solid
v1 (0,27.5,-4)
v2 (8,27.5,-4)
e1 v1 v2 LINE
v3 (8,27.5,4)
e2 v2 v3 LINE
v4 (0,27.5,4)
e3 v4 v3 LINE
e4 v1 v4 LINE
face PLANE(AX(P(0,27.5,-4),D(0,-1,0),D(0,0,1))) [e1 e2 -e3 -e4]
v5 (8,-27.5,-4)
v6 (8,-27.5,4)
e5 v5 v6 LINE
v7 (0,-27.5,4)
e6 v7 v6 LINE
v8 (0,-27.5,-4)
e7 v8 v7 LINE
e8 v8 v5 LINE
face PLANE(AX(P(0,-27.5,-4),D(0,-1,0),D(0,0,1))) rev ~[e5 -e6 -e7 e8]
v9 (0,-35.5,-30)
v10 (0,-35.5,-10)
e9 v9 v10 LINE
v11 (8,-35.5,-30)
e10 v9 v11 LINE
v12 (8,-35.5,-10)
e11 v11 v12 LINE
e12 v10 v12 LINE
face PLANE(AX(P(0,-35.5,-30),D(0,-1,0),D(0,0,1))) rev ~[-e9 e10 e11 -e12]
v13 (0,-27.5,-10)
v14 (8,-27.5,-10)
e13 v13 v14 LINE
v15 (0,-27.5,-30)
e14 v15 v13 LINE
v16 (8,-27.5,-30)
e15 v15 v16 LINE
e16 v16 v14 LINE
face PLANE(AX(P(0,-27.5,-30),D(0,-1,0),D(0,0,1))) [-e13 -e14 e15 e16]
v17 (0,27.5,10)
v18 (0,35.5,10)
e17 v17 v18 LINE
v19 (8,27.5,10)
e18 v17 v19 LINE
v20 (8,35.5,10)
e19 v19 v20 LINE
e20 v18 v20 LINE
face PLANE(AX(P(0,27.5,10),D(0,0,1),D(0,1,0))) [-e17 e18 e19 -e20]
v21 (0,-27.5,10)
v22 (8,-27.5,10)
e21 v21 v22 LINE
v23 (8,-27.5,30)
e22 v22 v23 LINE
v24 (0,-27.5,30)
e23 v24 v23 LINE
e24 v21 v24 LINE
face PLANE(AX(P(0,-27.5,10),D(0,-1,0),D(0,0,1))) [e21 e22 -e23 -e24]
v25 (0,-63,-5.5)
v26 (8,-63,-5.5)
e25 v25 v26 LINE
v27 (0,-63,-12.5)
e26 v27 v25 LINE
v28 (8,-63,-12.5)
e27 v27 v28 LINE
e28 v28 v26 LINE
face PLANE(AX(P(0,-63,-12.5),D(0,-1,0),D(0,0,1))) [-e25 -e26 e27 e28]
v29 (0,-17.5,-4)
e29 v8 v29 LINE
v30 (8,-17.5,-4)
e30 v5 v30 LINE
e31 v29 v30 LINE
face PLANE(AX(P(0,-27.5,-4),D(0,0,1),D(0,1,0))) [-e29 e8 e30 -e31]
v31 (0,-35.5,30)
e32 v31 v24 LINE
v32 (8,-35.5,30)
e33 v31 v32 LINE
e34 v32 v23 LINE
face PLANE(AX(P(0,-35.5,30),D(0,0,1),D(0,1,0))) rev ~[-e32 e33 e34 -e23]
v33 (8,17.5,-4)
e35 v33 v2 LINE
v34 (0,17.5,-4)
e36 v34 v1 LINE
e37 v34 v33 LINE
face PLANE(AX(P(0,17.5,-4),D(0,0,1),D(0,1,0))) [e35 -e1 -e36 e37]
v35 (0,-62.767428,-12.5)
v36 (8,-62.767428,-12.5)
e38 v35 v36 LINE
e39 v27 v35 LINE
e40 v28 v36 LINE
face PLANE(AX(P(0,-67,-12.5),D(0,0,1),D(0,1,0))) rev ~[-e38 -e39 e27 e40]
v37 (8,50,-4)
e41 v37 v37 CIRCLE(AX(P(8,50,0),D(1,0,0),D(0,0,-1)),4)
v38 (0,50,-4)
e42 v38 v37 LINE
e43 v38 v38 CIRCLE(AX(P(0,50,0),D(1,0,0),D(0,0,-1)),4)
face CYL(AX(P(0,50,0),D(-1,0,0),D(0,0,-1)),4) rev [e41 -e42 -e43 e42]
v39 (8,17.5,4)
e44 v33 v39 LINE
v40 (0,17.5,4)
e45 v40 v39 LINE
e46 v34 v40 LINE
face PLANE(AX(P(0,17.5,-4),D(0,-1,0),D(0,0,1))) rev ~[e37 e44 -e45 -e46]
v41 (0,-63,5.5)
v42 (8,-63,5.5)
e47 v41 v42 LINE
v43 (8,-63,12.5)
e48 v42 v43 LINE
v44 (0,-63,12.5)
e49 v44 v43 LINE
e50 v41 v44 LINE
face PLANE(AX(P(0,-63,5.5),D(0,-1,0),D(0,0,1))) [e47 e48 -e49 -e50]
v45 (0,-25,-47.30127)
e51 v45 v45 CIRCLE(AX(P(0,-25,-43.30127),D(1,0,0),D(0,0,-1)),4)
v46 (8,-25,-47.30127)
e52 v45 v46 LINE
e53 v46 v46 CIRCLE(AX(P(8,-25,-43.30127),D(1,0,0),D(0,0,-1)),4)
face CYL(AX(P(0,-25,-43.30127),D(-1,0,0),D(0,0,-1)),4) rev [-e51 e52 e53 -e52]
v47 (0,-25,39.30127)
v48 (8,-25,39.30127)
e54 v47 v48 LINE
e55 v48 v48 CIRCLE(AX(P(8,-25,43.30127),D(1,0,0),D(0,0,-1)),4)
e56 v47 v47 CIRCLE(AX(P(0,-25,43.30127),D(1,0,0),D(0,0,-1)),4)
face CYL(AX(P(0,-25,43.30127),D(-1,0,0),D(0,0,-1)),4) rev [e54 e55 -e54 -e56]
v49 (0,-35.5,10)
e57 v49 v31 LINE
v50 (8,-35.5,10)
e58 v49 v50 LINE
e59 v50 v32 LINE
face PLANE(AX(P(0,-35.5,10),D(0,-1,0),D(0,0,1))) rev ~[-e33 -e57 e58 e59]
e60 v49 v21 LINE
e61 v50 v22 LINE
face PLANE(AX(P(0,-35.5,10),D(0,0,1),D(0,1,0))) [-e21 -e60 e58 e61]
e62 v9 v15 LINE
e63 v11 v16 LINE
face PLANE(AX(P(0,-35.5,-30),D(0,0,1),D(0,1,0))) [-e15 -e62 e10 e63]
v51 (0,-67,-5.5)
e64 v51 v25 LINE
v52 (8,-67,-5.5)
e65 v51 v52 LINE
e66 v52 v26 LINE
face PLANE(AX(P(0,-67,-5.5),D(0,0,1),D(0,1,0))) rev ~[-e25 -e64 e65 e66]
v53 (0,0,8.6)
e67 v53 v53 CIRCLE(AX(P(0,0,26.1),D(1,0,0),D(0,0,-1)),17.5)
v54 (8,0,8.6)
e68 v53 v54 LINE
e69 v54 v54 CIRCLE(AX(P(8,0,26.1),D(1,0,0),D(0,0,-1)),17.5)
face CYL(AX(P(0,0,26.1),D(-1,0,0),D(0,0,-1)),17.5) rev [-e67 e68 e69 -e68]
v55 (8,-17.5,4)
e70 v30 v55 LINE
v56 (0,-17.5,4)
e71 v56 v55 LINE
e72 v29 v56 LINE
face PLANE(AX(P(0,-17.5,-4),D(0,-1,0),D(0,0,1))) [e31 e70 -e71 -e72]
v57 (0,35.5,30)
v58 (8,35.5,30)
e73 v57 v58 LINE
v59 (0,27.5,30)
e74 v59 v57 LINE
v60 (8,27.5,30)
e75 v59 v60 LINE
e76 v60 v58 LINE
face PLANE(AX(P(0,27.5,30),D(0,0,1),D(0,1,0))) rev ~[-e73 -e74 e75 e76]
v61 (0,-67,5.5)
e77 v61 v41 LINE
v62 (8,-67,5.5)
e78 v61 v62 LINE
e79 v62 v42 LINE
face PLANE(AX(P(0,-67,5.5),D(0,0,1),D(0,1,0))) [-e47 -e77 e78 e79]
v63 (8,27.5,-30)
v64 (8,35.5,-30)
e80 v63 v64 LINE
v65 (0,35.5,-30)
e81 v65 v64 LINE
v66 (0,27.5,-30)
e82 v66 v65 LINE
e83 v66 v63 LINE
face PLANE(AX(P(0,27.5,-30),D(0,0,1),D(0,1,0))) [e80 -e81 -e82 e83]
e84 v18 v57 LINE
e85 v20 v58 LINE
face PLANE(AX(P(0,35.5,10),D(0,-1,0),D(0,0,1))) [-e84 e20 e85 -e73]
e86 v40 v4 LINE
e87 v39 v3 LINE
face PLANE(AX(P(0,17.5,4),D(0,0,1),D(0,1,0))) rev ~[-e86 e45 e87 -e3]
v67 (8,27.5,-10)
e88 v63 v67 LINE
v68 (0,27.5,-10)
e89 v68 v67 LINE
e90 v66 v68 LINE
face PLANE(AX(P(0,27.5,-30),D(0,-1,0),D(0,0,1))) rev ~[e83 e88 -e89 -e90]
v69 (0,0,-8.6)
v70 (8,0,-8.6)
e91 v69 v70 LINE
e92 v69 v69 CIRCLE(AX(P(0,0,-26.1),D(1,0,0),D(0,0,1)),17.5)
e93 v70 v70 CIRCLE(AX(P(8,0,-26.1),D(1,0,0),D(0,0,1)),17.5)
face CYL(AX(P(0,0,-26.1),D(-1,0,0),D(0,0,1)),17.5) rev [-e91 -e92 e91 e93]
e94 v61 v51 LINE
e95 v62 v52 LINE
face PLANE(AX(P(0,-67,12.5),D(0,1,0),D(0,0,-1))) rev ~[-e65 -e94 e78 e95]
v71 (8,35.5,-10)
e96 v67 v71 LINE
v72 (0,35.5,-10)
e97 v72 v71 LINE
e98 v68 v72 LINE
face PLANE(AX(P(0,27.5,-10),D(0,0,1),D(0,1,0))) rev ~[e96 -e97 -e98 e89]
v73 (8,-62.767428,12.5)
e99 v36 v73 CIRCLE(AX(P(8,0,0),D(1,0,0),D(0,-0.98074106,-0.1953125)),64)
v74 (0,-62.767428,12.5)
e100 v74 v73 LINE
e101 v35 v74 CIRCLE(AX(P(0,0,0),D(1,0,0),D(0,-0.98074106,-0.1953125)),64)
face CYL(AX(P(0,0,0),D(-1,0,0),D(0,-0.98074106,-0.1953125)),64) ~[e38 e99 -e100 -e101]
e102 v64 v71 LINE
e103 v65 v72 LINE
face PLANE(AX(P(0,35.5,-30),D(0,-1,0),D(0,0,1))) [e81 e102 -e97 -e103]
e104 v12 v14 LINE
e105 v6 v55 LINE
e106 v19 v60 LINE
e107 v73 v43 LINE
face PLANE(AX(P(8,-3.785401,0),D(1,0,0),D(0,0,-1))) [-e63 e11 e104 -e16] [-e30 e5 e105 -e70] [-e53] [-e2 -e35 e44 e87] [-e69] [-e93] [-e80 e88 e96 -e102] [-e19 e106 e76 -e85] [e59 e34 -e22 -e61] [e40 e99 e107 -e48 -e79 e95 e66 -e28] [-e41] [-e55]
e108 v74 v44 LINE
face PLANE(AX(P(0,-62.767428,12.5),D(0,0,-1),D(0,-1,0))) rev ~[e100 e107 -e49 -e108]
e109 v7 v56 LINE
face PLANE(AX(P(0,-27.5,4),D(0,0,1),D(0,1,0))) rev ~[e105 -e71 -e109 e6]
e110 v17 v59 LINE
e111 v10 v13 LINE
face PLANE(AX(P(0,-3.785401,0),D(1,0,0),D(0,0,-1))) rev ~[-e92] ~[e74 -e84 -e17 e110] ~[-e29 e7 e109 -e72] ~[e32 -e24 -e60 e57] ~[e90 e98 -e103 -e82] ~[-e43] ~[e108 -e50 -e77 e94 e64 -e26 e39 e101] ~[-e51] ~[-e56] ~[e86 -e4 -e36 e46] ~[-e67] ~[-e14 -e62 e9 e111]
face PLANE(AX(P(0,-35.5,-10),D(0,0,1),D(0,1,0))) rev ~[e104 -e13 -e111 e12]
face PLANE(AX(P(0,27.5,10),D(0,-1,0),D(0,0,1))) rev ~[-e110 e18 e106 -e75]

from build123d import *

# Parameters (mm, degrees)
SKETCH1_R           = 4
SKETCH1_R_2         = 17.5
BOSS_EXTRUDE1_DEPTH = 8
CUT_EXTRUDE1_REACH  = 95
SKETCH2_W           = 20
SKETCH2_H           = 8
SKETCH2_W_2         = 8
SKETCH2_H_2         = 10
SKETCH2_W_3         = 7
SKETCH2_H_3         = 4


with BuildPart() as part:
    # Sketch1 → Boss-Extrude1 (new body)
    with BuildSketch(Plane(origin=(0, 0, 0), x_dir=(0, 0, -1), z_dir=(1, 0, 0))):
        with BuildLine():
            Line((-12.5, -62.767427859), (-12.5, -67))
            Line((-12.5, -67), (12.5, -67))
            Line((12.5, -67), (12.5, -62.767427859))
            ThreePointArc((12.5, -62.767427859), (0, 64), (-12.5, -62.767427859))
        make_face()
        with Locations((0, 50)):
            Circle(SKETCH1_R, mode=Mode.SUBTRACT)
        with Locations((43.301270189, -25)):
            Circle(SKETCH1_R, mode=Mode.SUBTRACT)
        with Locations((-43.301270189, -25)):
            Circle(SKETCH1_R, mode=Mode.SUBTRACT)
        with Locations((-26.1, 0)):
            Circle(SKETCH1_R_2, mode=Mode.SUBTRACT)
        with Locations(Location((26.1, 0, 0), (0, 0, 180))):
            Circle(SKETCH1_R_2, mode=Mode.SUBTRACT)
    extrude(amount=BOSS_EXTRUDE1_DEPTH)

    # Sketch2 → Cut-Extrude1 (cut, up to next)
    with BuildSketch(Plane.ZY, mode=Mode.PRIVATE) as cut_extrude1_sk1:
        with Locations((20, -31.5)):
            Rectangle(SKETCH2_W, SKETCH2_H)
    cut_extrude1_tool1 = extrude(cut_extrude1_sk1.sketch, amount=-CUT_EXTRUDE1_REACH, mode=Mode.PRIVATE) & part.part
    # Sketch2 → Cut-Extrude1 (cut, up to next)
    with BuildSketch(Plane.ZY, mode=Mode.PRIVATE) as cut_extrude1_sk2:
        with Locations((-20, -31.5)):
            Rectangle(SKETCH2_W, SKETCH2_H)
    cut_extrude1_tool2 = extrude(cut_extrude1_sk2.sketch, amount=-CUT_EXTRUDE1_REACH, mode=Mode.PRIVATE) & part.part
    # Sketch2 → Cut-Extrude1 (cut, up to next)
    with BuildSketch(Plane.ZY, mode=Mode.PRIVATE) as cut_extrude1_sk3:
        with Locations((20, 31.5)):
            Rectangle(SKETCH2_W, SKETCH2_H)
    cut_extrude1_tool3 = extrude(cut_extrude1_sk3.sketch, amount=-CUT_EXTRUDE1_REACH, mode=Mode.PRIVATE) & part.part
    # Sketch2 → Cut-Extrude1 (cut, up to next)
    with BuildSketch(Plane.ZY, mode=Mode.PRIVATE) as cut_extrude1_sk4:
        with Locations((-20, 31.5)):
            Rectangle(SKETCH2_W, SKETCH2_H)
    cut_extrude1_tool4 = extrude(cut_extrude1_sk4.sketch, amount=-CUT_EXTRUDE1_REACH, mode=Mode.PRIVATE) & part.part
    # Sketch2 → Cut-Extrude1 (cut, up to next)
    with BuildSketch(Plane.ZY, mode=Mode.PRIVATE) as cut_extrude1_sk5:
        with Locations((0, 22.5)):
            Rectangle(SKETCH2_W_2, SKETCH2_H_2)
    cut_extrude1_tool5 = extrude(cut_extrude1_sk5.sketch, amount=-CUT_EXTRUDE1_REACH, mode=Mode.PRIVATE) & part.part
    # Sketch2 → Cut-Extrude1 (cut, up to next)
    with BuildSketch(Plane.ZY, mode=Mode.PRIVATE) as cut_extrude1_sk6:
        with Locations((0, -22.5)):
            Rectangle(SKETCH2_W_2, SKETCH2_H_2)
    cut_extrude1_tool6 = extrude(cut_extrude1_sk6.sketch, amount=-CUT_EXTRUDE1_REACH, mode=Mode.PRIVATE) & part.part
    # Sketch2 → Cut-Extrude1 (cut, up to next)
    with BuildSketch(Plane.ZY, mode=Mode.PRIVATE) as cut_extrude1_sk7:
        with Locations((9, -65)):
            Rectangle(SKETCH2_W_3, SKETCH2_H_3)
    cut_extrude1_tool7 = extrude(cut_extrude1_sk7.sketch, amount=-CUT_EXTRUDE1_REACH, mode=Mode.PRIVATE) & part.part
    # Sketch2 → Cut-Extrude1 (cut, up to next)
    with BuildSketch(Plane.ZY, mode=Mode.PRIVATE) as cut_extrude1_sk8:
        with Locations((-9, -65)):
            Rectangle(SKETCH2_W_3, SKETCH2_H_3)
    cut_extrude1_tool8 = extrude(cut_extrude1_sk8.sketch, amount=-CUT_EXTRUDE1_REACH, mode=Mode.PRIVATE) & part.part
    add(cut_extrude1_tool1.solids().sort_by_distance((0, -31.5, 20))[0], mode=Mode.SUBTRACT)
    add(cut_extrude1_tool2.solids().sort_by_distance((0, -31.5, -20))[0], mode=Mode.SUBTRACT)
    add(cut_extrude1_tool3.solids().sort_by_distance((0, 31.5, 20))[0], mode=Mode.SUBTRACT)
    add(cut_extrude1_tool4.solids().sort_by_distance((0, 31.5, -20))[0], mode=Mode.SUBTRACT)
    add(cut_extrude1_tool5.solids().sort_by_distance((0, 22.5, 0))[0], mode=Mode.SUBTRACT)
    add(cut_extrude1_tool6.solids().sort_by_distance((0, -22.5, 0))[0], mode=Mode.SUBTRACT)
    add(cut_extrude1_tool7.solids().sort_by_distance((0, -65, 9))[0], mode=Mode.SUBTRACT)
    add(cut_extrude1_tool8.solids().sort_by_distance((0, -65, -9))[0], mode=Mode.SUBTRACT)


solid = part.part
